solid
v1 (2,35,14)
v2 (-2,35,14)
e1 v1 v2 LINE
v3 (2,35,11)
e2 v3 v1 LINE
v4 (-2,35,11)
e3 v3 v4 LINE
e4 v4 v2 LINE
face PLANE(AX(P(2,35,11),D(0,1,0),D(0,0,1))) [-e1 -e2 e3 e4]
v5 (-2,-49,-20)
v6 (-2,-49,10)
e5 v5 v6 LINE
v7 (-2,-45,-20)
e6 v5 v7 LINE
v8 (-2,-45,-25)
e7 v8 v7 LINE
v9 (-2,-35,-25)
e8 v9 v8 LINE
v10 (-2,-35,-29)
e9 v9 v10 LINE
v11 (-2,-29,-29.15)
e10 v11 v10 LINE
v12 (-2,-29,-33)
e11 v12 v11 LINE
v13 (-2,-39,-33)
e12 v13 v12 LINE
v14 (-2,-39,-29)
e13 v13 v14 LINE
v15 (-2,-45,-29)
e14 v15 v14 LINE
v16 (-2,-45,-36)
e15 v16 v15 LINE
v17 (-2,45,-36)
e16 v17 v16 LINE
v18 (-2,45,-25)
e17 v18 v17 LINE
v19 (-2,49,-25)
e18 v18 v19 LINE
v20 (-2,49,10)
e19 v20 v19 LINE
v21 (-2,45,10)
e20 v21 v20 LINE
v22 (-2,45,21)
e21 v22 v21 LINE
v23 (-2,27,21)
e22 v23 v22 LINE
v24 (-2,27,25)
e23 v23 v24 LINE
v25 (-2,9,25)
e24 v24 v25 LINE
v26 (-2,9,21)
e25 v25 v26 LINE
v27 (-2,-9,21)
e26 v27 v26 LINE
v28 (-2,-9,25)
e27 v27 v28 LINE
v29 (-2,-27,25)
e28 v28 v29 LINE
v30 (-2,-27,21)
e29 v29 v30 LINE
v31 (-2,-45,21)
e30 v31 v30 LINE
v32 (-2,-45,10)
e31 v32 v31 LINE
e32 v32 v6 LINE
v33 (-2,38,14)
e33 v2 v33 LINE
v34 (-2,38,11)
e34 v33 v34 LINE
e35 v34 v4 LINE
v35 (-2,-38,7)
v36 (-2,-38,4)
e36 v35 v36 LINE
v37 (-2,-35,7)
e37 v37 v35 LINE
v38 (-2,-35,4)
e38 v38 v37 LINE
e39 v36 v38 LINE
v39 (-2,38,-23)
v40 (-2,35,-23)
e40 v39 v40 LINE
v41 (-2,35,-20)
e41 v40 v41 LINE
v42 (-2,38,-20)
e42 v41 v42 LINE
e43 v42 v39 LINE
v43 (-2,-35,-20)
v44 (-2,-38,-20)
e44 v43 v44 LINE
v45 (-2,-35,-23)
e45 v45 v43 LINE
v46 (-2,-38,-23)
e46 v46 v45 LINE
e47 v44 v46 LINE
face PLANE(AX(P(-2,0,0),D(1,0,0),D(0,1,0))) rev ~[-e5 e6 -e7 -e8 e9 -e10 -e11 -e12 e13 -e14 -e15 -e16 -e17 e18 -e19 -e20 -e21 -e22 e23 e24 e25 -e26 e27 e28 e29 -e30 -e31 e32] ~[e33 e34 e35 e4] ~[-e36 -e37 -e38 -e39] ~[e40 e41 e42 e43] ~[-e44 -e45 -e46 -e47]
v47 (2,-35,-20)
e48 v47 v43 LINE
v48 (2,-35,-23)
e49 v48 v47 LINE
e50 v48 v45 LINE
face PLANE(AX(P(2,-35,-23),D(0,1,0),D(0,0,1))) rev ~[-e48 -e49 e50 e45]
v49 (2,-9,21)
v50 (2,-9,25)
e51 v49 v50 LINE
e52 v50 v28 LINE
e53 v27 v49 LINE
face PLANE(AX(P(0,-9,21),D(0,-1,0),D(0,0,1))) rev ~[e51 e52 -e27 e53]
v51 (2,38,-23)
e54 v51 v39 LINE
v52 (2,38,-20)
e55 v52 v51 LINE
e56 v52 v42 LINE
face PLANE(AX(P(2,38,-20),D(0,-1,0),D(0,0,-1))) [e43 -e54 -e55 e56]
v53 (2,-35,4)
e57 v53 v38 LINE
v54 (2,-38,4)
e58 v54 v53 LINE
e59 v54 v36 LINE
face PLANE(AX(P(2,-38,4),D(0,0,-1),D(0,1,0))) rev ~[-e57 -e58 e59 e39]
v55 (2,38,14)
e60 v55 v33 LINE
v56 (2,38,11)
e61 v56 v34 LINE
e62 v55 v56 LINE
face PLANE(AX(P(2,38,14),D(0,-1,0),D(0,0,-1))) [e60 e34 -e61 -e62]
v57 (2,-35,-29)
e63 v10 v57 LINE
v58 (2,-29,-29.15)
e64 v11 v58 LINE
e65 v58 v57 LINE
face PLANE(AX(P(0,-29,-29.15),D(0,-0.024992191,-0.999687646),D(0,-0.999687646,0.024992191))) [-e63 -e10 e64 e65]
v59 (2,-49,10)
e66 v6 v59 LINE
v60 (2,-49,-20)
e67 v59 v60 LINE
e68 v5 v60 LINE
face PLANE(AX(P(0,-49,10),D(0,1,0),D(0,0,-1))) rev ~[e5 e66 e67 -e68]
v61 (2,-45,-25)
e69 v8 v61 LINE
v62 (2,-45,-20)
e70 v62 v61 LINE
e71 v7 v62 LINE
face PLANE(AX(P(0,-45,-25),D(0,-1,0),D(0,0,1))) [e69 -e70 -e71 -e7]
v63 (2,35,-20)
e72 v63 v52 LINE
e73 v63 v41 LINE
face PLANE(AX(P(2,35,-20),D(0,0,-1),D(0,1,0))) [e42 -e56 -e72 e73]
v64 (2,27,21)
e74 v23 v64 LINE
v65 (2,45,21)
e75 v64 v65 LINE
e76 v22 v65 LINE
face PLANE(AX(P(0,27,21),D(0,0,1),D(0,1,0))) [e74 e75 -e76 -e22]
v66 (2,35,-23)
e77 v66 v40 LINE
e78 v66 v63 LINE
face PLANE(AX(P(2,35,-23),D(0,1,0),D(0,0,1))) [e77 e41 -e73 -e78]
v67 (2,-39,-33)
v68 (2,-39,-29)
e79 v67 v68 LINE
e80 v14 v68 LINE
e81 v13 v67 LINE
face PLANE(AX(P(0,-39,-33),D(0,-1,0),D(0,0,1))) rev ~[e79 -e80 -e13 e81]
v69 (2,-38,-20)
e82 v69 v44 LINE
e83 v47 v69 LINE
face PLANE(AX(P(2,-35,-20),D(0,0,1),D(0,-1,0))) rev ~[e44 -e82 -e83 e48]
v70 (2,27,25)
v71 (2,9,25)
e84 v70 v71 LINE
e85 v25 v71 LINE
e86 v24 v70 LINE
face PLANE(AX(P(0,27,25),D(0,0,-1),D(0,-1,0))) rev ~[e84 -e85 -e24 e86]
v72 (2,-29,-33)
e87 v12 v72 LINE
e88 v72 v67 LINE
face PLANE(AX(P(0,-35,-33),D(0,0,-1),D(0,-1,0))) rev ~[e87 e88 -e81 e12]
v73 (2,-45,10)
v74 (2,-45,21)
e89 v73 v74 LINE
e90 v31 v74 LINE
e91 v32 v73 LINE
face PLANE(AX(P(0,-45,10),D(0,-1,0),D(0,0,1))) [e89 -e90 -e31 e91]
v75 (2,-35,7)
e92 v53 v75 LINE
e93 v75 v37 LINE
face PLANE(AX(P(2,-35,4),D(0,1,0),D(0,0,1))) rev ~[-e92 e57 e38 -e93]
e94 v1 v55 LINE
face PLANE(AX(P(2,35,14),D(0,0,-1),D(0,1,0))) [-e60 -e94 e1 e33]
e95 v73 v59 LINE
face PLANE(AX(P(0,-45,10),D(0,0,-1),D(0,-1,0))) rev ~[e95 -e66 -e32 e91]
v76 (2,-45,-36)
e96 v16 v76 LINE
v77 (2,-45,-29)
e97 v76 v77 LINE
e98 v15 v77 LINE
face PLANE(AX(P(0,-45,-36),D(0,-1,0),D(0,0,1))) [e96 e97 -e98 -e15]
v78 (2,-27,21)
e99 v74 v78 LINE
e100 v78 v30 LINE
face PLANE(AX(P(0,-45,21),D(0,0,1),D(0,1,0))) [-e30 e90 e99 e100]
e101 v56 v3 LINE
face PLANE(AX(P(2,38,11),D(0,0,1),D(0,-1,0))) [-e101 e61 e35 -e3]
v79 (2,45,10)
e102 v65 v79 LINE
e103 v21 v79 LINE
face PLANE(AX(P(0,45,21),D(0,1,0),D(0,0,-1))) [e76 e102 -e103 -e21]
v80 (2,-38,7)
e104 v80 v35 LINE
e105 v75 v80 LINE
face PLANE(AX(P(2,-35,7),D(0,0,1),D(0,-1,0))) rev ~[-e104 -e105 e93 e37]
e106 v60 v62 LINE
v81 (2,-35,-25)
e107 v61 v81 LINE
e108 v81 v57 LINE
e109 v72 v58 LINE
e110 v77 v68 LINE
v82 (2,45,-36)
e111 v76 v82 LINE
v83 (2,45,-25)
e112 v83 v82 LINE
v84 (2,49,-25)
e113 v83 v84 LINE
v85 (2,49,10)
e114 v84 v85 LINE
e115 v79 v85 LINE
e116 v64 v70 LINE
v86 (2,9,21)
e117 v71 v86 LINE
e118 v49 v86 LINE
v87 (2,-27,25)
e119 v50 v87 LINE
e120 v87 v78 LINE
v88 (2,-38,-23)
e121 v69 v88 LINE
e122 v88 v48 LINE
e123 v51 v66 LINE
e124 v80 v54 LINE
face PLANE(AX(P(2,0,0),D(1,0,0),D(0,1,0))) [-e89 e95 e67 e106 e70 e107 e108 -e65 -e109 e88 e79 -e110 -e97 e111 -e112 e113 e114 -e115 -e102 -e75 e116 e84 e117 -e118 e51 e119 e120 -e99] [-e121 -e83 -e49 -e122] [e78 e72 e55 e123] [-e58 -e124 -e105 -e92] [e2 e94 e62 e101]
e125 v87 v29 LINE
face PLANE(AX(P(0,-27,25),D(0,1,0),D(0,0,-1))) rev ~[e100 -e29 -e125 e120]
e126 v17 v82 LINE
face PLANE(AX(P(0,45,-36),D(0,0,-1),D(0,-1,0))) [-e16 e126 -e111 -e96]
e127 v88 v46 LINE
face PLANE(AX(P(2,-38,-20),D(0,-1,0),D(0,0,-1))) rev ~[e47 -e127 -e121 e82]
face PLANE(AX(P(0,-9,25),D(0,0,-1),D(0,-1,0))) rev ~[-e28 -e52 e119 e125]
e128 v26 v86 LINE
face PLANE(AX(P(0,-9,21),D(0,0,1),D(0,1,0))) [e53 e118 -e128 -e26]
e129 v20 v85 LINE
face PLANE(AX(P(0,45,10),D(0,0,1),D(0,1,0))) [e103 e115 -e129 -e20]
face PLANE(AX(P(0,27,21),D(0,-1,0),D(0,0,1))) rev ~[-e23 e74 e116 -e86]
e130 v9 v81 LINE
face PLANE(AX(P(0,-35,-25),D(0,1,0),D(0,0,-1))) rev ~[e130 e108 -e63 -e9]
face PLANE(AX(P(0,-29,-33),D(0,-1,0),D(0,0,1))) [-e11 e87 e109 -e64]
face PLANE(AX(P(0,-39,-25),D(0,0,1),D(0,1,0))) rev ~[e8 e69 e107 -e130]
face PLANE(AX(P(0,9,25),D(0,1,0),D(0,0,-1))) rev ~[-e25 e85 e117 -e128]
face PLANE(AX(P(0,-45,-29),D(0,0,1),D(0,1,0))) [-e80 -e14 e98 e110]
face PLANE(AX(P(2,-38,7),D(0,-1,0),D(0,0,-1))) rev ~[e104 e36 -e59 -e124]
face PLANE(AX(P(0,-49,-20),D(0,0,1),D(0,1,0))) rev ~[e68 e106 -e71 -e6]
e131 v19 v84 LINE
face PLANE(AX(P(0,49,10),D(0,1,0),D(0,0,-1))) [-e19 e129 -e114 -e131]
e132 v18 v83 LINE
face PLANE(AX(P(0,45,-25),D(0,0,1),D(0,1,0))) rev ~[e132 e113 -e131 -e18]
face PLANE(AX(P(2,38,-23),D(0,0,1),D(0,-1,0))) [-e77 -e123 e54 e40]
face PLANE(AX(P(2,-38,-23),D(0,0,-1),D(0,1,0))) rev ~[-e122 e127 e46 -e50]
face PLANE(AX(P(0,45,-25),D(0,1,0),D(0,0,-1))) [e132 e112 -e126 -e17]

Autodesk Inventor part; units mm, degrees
ref_plane "YZ Plane" through (0, 0, 0) normal (1, 0, 0) x (0, 1, 0)
ref_plane "XZ Plane" through (0, 0, 0) normal (0, 1, 0) x (-1, 0, 0)
ref_plane "XY Plane" through (0, 0, 0) normal (0, 0, 1) x (1, 0, 0)
sketch "Sketch1" plane through (0, 0, 0) normal (1, 0, 0) x (0, 1, 0)
  line L0 (-45, 21) -> (45, 21)
  line L1 (45, 21) -> (45, -21)
  line L2 (-27, 21) -> (-9, 21)
  line L3 (-9, 21) -> (-9, 25)
  line L4 (-9, 25) -> (-27, 25)
  line L5 (-27, 25) -> (-27, 21)
  line L6 (9, 21) -> (27, 21)
  line L7 (27, 21) -> (27, 25)
  line L8 (27, 25) -> (9, 25)
  line L9 (9, 25) -> (9, 21)
  line L10 (-45, 10) -> (-49, 10)
  line L11 (-49, 10) -> (-49, -10)
  line L12 (-49, -10) -> (-45, -10) construction
  line L13 (-45, -10) -> (-45, 10)
  line L14 (45, 10) -> (49, 10)
  line L15 (49, 10) -> (49, -10)
  line L16 (49, -10) -> (45, -10) construction
  line L17 (45, -10) -> (45, 10)
  line L18 (-45, -21) -> (-45, 21)
  line L19 (45, 21) -> (45, -36)
  line L20 (45, -36) -> (-45, -36)
  line L21 (-45, -36) -> (-45, 21)
  line L22 (45, 10) -> (49, 10)
  line L23 (49, 10) -> (49, -20)
  line L24 (49, -20) -> (45, -20)
  line L25 (45, -20) -> (45, 10)
  line L26 (-45, 10) -> (-49, 10)
  line L27 (-49, 10) -> (-49, -20)
  line L28 (-49, -20) -> (-45, -20) construction
  line L29 (-45, -20) -> (-45, 10)
  line L30 (-18, -36) -> (-22, -36)
  line L31 (-45, -29) -> (-39, -29)
  line L32 (-39, -29) -> (-39, -25)
  line L33 (-39, -25) -> (-45, -25)
  line L34 (-45, -25) -> (-45, -29)
  line L35 (-39, -25) -> (-35, -25)
  line L36 (-35, -25) -> (-35, -33)
  line L37 (-35, -33) -> (-39, -33)
  line L38 (-39, -33) -> (-39, -25)
  line L39 (-35, -33) -> (-29, -33)
  line L40 (-29, -33) -> (-29, -29)
  line L41 (-29, -29) -> (-35, -29)
  line L42 (-35, -29) -> (-35, -33)
  line L43 (-29, -29) -> (-29, -29.15)
  line L44 (-29, -29.15) -> (-35, -29)
  line L45 (49, -20) -> (45, -20) construction
  line L46 (45, -20) -> (45, -25)
  line L47 (45, -25) -> (49, -25)
  line L48 (49, -25) -> (49, -20)
  line L49 (-45, -20) -> (-49, -20) construction
  line L50 (-49, -20) -> (-49, -25)
  line L51 (-49, -25) -> (-45, -25)
  line L52 (-45, -25) -> (-45, -20)
  line L53 (-45, -25) -> (-49, -25)
  line L54 (-49, -25) -> (-49, -20)
  line L55 (-49, -20) -> (-45, -20)
  line L56 (-45, -20) -> (-45, -25)
  point P0 (0, 0)
  point P1 (0, 21)
  point P2 (45, 0)
  point P3 (-9, 23)
  point P4 (9, 23)
  point P5 (49, 0)
  point P6 (45, -10)
  point P7 (27, 21)
  point P8 (-45, 10)
  point P9 (-45, -20)
  point P10 (-45, -20)
  point P11 (-35, -29)
  point P12 (-32, -33)
  point P13 (-32, -29)
  point P14 (-47, 10)
  point P15 (47, 10)
  dimension "d9" = 18
  dimension "d10" = 18
  dimension "d11" = 18
  dimension "d12" = 18
  dimension "d13" = 4
  dimension "d17" = 20
  dimension "d19" = 20
  dimension "d20" = 4
  dimension "d21" = 4
  dimension "d40" = 42
  dimension "d41" = 57
  dimension "d42" = 30
  dimension "d43" = 30
  dimension "d47" = 6
  dimension "d48" = 4
  dimension "d49" = 7
  dimension "d50" = 4
  dimension "d51" = 8
  dimension "d52" = 6
  dimension "d55" = 4
  dimension "d56" = 0.15
extrude "Extrusion1" add sketch "Sketch1" along normal mid plane 4 contours L0 L1 L19 L20 L21 L31 L38 L37 L39 L40 L41 L36 L35 L33 L18 L13 | L5 L4 L3 L0 | L13 L18 L55 L27 L11 L10 | L9 L8 L7 L0 | L14 L15 L23 L24 L1 | L24 L48 L47 L19 L1 | L41 L40 L44
sketch "Sketch2" plane through (2, 0, 0) normal (1, 0, 0) x (0, 0, -1)
  circle A0 centre (-11, 27) radius 2.5
  line L0 (14, -45) -> (14, -25) projected
  line L1 (-10, 45) -> (-21, 45) projected
  line L2 (6.5, -45) -> (14, -45) projected
  line L3 (-21, -45) -> (-10, -45) projected
  line L4 (-21, 9) -> (-21, 27) projected
  line L5 (0, 0) -> (-4.5, 0)
  circle A1 centre (-12.5, 36.5) radius 1.55 construction
  line L6 (-14, 38) -> (-11, 38)
  line L7 (-11, 38) -> (-11, 35)
  line L8 (-11, 35) -> (-14, 35)
  line L9 (-14, 35) -> (-14, 38)
  line L10 (-25, -9) -> (-25, -27) projected
  line L11 (-10, -49) -> (20, -49) projected
  line L12 (20, -38) -> (23, -38)
  line L13 (23, -38) -> (23, -35)
  line L14 (23, -35) -> (20, -35)
  line L15 (20, -35) -> (20, -38)
  line L16 (25, -45) -> (25, -35) projected
  line L17 (20, 38) -> (23, 38)
  line L18 (23, 38) -> (23, 35)
  line L19 (23, 35) -> (20, 35)
  line L20 (20, 35) -> (20, 38)
  line L21 (-7, -38) -> (-4, -38)
  line L22 (-4, -38) -> (-4, -35)
  line L23 (-4, -35) -> (-7, -35)
  line L24 (-7, -35) -> (-7, -38)
  line L25 (-25, 27) -> (-25, 9) projected
  line L26 (25, 49) -> (-10, 49) projected
  point P0 (21, 45)
  point P1 (10, 45)
  point P2 (-15.5, 45)
  point P3 (10.25, -45)
  point P4 (-15.5, -45)
  point P5 (-21, -27)
  point P6 (-12.5, 38)
  point P7 (-14, 36.5)
  point P8 (16.5, -49)
  point P9 (25, -49)
  point P10 (20, -36.5)
  point P11 (20, 36.5)
  point P12 (-7, -36.5)
  dimension "d24" = 5
  dimension "d25" = 25
  dimension "d26" = 18
  dimension "d36" = 3
  dimension "d37" = 3
  dimension "d57" = 3
  dimension "d58" = 3
  dimension "d59" = 2
  dimension "d60" = 3
  dimension "d61" = 3
  dimension "d62" = 11
  dimension "d63" = 18
  dimension "d64" = 11
  dimension "d65" = 11
extrude "Extrusion2" cut sketch "Sketch2" against normal up to surface (4 mm away) contours L6 L7 L8 L9 | L15 L14 L13 L12 | L17 L18 L19 L20 | L24 L23 L22 L21
equation "\"d9\" = 0.2 * d3"
equation "\"d10\" = d9"
equation "\"d11\" = d9"
equation "\"d12\" = d11"
equation "\"d17\" = d19"
equation "\"d20\" = d13"
equation "\"d21\" = d13"
equation "\"d3\" = 90"
properties part number "Side DRUGA STRAN"
